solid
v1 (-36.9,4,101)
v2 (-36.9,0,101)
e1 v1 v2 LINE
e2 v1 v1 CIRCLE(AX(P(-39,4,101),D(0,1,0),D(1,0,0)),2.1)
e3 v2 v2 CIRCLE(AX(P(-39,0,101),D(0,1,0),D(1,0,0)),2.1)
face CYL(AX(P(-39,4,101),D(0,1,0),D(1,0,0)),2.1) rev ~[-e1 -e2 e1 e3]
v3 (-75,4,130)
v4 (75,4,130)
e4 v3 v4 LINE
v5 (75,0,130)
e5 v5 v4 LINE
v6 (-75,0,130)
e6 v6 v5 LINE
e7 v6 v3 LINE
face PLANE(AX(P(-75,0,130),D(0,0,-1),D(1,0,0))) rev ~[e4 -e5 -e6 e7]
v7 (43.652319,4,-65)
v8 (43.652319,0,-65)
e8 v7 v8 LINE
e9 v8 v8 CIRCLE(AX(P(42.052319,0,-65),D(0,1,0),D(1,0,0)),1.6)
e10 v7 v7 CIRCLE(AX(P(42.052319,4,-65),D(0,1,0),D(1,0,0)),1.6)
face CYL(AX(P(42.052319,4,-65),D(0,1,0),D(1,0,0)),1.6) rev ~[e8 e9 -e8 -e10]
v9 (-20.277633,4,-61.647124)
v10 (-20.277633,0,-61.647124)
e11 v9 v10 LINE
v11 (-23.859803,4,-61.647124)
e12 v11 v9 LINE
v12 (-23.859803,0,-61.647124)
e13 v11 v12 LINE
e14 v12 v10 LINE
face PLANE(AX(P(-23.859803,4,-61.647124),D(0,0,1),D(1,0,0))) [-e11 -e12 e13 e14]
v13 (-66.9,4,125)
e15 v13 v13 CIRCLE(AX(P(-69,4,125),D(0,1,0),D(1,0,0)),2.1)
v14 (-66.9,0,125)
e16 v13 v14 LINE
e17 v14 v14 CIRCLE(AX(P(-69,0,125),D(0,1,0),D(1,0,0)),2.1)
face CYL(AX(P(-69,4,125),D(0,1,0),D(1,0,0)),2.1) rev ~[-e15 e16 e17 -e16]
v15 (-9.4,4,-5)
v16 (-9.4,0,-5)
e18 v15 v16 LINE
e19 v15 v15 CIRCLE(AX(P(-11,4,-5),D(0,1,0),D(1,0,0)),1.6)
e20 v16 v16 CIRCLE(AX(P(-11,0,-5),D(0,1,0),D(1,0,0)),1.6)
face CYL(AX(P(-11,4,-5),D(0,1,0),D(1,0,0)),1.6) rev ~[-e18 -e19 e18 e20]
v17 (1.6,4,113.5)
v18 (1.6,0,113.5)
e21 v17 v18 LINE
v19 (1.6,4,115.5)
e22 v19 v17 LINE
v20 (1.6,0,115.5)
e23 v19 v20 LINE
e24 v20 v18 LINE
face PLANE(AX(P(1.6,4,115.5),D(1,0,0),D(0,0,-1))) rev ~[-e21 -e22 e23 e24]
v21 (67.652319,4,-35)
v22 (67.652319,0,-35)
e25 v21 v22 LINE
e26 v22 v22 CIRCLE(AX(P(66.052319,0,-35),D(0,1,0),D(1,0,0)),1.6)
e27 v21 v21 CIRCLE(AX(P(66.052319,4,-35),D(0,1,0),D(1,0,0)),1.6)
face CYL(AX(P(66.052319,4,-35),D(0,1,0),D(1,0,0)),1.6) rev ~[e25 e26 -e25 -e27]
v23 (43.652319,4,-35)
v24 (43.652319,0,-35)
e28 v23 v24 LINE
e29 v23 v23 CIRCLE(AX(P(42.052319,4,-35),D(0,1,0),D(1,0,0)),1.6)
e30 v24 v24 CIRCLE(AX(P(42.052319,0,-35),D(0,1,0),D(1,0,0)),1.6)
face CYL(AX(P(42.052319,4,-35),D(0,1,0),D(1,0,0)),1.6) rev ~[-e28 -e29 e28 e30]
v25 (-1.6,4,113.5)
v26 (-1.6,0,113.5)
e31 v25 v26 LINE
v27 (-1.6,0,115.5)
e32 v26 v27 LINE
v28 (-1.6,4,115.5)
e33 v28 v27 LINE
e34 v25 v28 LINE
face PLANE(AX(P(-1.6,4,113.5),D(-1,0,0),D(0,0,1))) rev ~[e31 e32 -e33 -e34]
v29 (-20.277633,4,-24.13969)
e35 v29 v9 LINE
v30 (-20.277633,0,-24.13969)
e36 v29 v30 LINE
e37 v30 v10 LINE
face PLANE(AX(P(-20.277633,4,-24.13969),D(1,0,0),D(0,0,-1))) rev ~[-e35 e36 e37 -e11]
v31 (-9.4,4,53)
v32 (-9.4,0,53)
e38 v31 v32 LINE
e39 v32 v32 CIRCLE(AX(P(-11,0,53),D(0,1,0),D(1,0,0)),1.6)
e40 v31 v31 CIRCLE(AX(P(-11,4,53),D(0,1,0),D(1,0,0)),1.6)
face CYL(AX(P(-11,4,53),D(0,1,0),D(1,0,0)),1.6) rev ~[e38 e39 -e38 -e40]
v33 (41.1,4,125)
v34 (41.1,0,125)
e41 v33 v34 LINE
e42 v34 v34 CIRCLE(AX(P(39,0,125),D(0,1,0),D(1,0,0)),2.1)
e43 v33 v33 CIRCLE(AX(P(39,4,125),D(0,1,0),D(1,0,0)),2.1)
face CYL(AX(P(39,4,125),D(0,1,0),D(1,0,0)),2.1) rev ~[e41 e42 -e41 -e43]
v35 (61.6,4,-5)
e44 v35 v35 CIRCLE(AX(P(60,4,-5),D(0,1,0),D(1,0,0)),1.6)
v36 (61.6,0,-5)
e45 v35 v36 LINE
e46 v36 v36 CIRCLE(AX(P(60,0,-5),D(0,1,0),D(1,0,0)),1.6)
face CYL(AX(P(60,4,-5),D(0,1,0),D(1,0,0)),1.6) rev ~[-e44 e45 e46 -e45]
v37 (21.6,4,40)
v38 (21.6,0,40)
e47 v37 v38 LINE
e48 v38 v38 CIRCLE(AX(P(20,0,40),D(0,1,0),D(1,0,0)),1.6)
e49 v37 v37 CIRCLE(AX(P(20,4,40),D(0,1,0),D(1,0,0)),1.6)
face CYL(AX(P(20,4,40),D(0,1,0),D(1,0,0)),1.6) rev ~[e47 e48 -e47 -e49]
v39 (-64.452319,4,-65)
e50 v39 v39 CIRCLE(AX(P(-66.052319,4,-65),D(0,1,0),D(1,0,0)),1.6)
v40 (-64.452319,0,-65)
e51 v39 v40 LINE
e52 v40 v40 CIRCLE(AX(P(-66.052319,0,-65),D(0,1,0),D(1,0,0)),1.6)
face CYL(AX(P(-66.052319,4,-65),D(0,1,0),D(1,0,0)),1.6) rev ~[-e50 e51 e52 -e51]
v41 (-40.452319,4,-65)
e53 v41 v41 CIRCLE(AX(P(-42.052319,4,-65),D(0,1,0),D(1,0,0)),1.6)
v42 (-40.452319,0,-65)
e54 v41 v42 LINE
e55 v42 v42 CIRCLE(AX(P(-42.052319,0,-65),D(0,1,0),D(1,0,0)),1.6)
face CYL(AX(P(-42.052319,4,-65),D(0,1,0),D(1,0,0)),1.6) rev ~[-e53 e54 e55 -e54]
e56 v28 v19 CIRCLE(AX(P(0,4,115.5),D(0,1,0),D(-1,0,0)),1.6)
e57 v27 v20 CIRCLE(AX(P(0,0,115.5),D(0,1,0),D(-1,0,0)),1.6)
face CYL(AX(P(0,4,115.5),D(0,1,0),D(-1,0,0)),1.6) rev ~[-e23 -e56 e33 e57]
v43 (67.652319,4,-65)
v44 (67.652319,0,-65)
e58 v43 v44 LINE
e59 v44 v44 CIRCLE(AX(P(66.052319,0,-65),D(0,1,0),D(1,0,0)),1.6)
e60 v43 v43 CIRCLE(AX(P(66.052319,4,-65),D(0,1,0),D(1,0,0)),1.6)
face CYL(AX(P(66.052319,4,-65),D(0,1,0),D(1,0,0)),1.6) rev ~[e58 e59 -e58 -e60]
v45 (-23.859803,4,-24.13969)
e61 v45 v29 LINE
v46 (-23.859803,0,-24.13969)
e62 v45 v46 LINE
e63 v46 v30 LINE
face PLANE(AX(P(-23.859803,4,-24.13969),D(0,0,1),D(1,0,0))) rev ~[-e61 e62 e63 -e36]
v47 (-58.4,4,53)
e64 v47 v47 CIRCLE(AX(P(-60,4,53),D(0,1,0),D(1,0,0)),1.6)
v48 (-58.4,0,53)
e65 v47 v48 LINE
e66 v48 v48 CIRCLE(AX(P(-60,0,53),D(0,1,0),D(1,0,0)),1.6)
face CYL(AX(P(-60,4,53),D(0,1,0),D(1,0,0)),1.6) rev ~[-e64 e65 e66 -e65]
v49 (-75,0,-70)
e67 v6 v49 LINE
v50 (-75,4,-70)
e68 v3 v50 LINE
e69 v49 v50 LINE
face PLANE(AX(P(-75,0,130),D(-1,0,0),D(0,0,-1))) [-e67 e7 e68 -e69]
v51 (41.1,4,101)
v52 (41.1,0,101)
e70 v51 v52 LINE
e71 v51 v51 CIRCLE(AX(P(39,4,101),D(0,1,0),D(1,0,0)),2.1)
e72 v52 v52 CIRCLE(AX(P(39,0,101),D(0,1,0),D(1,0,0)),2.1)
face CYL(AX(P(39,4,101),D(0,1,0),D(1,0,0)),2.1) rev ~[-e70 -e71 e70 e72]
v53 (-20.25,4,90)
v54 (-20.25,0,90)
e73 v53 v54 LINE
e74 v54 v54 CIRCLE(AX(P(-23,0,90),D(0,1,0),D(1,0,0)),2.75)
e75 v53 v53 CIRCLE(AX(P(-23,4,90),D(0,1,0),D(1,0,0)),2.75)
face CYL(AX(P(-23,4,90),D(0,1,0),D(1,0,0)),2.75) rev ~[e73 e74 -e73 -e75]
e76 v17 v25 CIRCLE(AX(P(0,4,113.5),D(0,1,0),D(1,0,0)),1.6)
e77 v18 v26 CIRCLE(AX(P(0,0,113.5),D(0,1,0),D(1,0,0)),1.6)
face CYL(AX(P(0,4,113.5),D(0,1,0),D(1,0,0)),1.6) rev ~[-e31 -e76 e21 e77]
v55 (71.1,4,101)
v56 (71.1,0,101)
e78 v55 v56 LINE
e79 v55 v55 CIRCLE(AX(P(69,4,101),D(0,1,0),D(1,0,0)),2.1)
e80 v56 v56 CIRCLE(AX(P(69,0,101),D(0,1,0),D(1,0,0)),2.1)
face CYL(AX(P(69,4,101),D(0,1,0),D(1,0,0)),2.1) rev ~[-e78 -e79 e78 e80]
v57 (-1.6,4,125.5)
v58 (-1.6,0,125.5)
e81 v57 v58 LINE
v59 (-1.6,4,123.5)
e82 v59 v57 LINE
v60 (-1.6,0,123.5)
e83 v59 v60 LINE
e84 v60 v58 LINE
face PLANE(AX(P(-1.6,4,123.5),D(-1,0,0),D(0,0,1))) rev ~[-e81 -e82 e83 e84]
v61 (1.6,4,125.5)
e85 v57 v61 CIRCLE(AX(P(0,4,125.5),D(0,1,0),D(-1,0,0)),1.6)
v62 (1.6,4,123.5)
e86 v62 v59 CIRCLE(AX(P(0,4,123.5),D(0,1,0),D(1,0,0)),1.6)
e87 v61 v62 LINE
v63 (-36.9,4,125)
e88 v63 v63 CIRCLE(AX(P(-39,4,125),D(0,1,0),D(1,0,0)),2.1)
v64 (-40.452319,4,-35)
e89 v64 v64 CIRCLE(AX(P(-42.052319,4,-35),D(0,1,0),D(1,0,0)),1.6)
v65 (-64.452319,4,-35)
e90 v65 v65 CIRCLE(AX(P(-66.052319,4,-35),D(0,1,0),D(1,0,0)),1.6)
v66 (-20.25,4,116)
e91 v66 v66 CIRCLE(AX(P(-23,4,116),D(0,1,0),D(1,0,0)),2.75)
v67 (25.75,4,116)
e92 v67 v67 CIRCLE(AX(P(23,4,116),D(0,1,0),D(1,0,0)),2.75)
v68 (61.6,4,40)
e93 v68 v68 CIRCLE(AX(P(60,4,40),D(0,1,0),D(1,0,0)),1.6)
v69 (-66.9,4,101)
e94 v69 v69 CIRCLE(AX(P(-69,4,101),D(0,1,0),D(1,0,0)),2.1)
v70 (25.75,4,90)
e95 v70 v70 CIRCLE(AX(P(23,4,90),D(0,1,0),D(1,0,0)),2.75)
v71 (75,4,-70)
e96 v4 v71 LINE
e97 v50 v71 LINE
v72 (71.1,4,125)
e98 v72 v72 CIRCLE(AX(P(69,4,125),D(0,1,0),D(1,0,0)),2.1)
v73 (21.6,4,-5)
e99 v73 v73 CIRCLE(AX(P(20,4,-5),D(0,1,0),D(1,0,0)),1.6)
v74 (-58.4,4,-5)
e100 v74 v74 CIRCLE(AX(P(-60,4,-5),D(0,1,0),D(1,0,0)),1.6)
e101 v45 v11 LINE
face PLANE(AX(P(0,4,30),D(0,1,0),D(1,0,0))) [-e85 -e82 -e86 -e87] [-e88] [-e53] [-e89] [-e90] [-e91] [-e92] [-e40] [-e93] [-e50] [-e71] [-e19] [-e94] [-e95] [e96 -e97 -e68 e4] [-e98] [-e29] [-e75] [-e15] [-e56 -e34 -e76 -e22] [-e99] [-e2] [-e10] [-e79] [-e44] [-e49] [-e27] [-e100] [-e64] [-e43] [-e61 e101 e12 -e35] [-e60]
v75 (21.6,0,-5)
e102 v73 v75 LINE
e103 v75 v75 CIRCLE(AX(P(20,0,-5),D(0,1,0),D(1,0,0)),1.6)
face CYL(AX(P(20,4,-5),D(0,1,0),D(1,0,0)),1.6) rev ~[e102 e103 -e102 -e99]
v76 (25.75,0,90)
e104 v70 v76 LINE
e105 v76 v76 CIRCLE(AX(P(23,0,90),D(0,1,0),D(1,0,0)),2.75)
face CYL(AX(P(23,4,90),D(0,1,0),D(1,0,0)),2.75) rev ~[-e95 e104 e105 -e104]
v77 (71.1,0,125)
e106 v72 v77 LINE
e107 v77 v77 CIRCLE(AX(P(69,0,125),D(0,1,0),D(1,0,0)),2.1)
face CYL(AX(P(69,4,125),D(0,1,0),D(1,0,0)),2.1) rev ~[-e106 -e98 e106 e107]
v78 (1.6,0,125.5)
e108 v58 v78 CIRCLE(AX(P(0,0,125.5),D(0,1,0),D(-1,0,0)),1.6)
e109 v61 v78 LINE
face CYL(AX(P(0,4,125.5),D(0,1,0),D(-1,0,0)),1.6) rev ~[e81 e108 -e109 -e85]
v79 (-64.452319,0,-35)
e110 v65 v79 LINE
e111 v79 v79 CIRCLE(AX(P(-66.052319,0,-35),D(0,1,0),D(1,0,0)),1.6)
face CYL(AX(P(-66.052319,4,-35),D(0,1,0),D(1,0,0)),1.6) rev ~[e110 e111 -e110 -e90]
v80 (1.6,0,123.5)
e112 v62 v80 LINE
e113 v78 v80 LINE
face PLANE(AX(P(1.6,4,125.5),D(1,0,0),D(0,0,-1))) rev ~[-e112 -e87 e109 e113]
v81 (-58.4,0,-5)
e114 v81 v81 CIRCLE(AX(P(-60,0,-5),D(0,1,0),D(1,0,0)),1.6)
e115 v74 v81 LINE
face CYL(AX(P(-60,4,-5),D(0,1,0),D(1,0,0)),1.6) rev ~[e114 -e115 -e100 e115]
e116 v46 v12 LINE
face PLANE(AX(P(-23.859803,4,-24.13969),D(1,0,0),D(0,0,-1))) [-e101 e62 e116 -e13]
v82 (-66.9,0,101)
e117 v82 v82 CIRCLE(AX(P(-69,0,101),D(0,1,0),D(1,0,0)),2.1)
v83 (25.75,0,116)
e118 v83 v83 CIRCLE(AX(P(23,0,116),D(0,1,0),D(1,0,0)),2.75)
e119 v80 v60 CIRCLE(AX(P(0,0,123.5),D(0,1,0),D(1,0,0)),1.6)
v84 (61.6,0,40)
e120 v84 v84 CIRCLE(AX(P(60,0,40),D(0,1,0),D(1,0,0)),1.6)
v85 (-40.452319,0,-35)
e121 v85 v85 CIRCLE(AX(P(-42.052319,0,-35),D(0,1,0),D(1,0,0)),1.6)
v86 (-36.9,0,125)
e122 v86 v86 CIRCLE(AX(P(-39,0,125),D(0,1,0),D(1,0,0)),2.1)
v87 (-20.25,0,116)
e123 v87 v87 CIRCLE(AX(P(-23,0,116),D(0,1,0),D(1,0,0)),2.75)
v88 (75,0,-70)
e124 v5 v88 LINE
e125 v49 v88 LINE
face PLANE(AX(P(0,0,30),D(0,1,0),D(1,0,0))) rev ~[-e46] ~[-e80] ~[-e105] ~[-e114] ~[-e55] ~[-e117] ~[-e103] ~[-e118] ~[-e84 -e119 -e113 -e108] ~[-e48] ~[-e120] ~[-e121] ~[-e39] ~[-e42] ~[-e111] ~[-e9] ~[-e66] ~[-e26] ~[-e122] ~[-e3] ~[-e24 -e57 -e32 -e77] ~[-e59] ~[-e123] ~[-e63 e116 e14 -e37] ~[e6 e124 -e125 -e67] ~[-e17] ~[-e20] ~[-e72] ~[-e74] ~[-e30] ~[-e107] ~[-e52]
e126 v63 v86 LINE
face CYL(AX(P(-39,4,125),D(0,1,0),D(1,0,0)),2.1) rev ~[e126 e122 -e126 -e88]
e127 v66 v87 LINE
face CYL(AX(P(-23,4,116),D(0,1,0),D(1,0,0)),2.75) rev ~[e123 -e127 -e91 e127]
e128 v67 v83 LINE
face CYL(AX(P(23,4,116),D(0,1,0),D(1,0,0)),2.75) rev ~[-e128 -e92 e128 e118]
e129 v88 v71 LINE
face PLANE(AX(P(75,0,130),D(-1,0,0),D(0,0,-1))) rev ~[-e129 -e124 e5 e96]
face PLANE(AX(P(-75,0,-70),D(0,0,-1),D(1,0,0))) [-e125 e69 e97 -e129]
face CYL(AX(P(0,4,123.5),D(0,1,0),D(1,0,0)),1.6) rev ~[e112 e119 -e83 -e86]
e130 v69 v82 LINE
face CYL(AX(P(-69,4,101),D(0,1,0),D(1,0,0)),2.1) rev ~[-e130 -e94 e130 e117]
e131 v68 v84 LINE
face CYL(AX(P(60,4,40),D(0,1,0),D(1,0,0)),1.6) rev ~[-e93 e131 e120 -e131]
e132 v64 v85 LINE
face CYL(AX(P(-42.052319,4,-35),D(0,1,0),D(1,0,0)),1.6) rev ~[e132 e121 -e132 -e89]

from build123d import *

# Parameters (mm, degrees)
SKETCH_1_W          = 150
SKETCH_1_H          = 200
EXTRUDE_1_DEPTH     = 4
SKETCH_2_R          = 1.6
SKETCH_2_R_2        = 2.75
SKETCH_2_R_3        = 2.1
SKETCH_2_W          = 3.58217065
SKETCH_2_H          = 37.507433864
CUT_EXTRUDE_1_DEPTH = 5


with BuildPart() as part:
    # 草图1 → 凸台-拉伸1 (new body)
    with BuildSketch(Plane(origin=(0, 0, 0), x_dir=(1, 0, 0), z_dir=(0, 1, 0))):
        with Locations((0, -30)):
            Rectangle(SKETCH_1_W, SKETCH_1_H)
    extrude(amount=EXTRUDE_1_DEPTH)

    # 草图2 → 切除-拉伸1 (cut, through all)
    with BuildSketch(Plane(origin=(0, 4, 0), x_dir=(1, 0, 0), z_dir=(0, 1, 0))):
        with Locations((-66.052318668, 65)):
            Circle(SKETCH_2_R)
        with Locations((-66.052318668, 35)):
            Circle(SKETCH_2_R)
        with Locations((-42.052318668, 65)):
            Circle(SKETCH_2_R)
        with Locations((-42.052318668, 35)):
            Circle(SKETCH_2_R)
        with Locations((42.052318668, 35)):
            Circle(SKETCH_2_R)
        with Locations((66.052318668, 35)):
            Circle(SKETCH_2_R)
        with Locations((66.052318668, 65)):
            Circle(SKETCH_2_R)
        with Locations((42.052318668, 65)):
            Circle(SKETCH_2_R)
        with Locations((-23, -90)):
            Circle(SKETCH_2_R_2)
        with Locations((-23, -116)):
            Circle(SKETCH_2_R_2)
        with Locations((-69, -101)):
            Circle(SKETCH_2_R_3)
        with Locations((-69, -125)):
            Circle(SKETCH_2_R_3)
        with Locations((69, -125)):
            Circle(SKETCH_2_R_3)
        with Locations((69, -101)):
            Circle(SKETCH_2_R_3)
        with Locations((23, -116)):
            Circle(SKETCH_2_R_2)
        with Locations((23, -90)):
            Circle(SKETCH_2_R_2)
        with Locations((-39, -125)):
            Circle(SKETCH_2_R_3)
        with Locations((-39, -101)):
            Circle(SKETCH_2_R_3)
        with Locations((39, -125)):
            Circle(SKETCH_2_R_3)
        with Locations((39, -101)):
            Circle(SKETCH_2_R_3)
        with Locations((-60, 5)):
            Circle(SKETCH_2_R)
        with Locations((-60, -53)):
            Circle(SKETCH_2_R)
        with Locations((-11, -53)):
            Circle(SKETCH_2_R)
        with Locations((-11, 5)):
            Circle(SKETCH_2_R)
        with Locations((20, 5)):
            Circle(SKETCH_2_R)
        with Locations((60, 5)):
            Circle(SKETCH_2_R)
        with Locations((20, -40)):
            Circle(SKETCH_2_R)
        with Locations((60, -40)):
            Circle(SKETCH_2_R)
        with BuildLine():
            Line((-1.6, -123.5), (-1.6, -125.5))
            ThreePointArc((-1.6, -125.5), (0, -127.1), (1.6, -125.5))
            Line((1.6, -125.5), (1.6, -123.5))
            ThreePointArc((1.6, -123.5), (0, -121.9), (-1.6, -123.5))
        make_face()
        with BuildLine():
            Line((-1.6, -113.5), (-1.6, -115.5))
            ThreePointArc((-1.6, -115.5), (0, -117.1), (1.6, -115.5))
            Line((1.6, -115.5), (1.6, -113.5))
            ThreePointArc((1.6, -113.5), (0, -111.9), (-1.6, -113.5))
        make_face()
        with Locations((-22.068717893, 42.893406935)):
            Rectangle(SKETCH_2_W, SKETCH_2_H)
    extrude(amount=-CUT_EXTRUDE_1_DEPTH, mode=Mode.SUBTRACT)


solid = part.part
